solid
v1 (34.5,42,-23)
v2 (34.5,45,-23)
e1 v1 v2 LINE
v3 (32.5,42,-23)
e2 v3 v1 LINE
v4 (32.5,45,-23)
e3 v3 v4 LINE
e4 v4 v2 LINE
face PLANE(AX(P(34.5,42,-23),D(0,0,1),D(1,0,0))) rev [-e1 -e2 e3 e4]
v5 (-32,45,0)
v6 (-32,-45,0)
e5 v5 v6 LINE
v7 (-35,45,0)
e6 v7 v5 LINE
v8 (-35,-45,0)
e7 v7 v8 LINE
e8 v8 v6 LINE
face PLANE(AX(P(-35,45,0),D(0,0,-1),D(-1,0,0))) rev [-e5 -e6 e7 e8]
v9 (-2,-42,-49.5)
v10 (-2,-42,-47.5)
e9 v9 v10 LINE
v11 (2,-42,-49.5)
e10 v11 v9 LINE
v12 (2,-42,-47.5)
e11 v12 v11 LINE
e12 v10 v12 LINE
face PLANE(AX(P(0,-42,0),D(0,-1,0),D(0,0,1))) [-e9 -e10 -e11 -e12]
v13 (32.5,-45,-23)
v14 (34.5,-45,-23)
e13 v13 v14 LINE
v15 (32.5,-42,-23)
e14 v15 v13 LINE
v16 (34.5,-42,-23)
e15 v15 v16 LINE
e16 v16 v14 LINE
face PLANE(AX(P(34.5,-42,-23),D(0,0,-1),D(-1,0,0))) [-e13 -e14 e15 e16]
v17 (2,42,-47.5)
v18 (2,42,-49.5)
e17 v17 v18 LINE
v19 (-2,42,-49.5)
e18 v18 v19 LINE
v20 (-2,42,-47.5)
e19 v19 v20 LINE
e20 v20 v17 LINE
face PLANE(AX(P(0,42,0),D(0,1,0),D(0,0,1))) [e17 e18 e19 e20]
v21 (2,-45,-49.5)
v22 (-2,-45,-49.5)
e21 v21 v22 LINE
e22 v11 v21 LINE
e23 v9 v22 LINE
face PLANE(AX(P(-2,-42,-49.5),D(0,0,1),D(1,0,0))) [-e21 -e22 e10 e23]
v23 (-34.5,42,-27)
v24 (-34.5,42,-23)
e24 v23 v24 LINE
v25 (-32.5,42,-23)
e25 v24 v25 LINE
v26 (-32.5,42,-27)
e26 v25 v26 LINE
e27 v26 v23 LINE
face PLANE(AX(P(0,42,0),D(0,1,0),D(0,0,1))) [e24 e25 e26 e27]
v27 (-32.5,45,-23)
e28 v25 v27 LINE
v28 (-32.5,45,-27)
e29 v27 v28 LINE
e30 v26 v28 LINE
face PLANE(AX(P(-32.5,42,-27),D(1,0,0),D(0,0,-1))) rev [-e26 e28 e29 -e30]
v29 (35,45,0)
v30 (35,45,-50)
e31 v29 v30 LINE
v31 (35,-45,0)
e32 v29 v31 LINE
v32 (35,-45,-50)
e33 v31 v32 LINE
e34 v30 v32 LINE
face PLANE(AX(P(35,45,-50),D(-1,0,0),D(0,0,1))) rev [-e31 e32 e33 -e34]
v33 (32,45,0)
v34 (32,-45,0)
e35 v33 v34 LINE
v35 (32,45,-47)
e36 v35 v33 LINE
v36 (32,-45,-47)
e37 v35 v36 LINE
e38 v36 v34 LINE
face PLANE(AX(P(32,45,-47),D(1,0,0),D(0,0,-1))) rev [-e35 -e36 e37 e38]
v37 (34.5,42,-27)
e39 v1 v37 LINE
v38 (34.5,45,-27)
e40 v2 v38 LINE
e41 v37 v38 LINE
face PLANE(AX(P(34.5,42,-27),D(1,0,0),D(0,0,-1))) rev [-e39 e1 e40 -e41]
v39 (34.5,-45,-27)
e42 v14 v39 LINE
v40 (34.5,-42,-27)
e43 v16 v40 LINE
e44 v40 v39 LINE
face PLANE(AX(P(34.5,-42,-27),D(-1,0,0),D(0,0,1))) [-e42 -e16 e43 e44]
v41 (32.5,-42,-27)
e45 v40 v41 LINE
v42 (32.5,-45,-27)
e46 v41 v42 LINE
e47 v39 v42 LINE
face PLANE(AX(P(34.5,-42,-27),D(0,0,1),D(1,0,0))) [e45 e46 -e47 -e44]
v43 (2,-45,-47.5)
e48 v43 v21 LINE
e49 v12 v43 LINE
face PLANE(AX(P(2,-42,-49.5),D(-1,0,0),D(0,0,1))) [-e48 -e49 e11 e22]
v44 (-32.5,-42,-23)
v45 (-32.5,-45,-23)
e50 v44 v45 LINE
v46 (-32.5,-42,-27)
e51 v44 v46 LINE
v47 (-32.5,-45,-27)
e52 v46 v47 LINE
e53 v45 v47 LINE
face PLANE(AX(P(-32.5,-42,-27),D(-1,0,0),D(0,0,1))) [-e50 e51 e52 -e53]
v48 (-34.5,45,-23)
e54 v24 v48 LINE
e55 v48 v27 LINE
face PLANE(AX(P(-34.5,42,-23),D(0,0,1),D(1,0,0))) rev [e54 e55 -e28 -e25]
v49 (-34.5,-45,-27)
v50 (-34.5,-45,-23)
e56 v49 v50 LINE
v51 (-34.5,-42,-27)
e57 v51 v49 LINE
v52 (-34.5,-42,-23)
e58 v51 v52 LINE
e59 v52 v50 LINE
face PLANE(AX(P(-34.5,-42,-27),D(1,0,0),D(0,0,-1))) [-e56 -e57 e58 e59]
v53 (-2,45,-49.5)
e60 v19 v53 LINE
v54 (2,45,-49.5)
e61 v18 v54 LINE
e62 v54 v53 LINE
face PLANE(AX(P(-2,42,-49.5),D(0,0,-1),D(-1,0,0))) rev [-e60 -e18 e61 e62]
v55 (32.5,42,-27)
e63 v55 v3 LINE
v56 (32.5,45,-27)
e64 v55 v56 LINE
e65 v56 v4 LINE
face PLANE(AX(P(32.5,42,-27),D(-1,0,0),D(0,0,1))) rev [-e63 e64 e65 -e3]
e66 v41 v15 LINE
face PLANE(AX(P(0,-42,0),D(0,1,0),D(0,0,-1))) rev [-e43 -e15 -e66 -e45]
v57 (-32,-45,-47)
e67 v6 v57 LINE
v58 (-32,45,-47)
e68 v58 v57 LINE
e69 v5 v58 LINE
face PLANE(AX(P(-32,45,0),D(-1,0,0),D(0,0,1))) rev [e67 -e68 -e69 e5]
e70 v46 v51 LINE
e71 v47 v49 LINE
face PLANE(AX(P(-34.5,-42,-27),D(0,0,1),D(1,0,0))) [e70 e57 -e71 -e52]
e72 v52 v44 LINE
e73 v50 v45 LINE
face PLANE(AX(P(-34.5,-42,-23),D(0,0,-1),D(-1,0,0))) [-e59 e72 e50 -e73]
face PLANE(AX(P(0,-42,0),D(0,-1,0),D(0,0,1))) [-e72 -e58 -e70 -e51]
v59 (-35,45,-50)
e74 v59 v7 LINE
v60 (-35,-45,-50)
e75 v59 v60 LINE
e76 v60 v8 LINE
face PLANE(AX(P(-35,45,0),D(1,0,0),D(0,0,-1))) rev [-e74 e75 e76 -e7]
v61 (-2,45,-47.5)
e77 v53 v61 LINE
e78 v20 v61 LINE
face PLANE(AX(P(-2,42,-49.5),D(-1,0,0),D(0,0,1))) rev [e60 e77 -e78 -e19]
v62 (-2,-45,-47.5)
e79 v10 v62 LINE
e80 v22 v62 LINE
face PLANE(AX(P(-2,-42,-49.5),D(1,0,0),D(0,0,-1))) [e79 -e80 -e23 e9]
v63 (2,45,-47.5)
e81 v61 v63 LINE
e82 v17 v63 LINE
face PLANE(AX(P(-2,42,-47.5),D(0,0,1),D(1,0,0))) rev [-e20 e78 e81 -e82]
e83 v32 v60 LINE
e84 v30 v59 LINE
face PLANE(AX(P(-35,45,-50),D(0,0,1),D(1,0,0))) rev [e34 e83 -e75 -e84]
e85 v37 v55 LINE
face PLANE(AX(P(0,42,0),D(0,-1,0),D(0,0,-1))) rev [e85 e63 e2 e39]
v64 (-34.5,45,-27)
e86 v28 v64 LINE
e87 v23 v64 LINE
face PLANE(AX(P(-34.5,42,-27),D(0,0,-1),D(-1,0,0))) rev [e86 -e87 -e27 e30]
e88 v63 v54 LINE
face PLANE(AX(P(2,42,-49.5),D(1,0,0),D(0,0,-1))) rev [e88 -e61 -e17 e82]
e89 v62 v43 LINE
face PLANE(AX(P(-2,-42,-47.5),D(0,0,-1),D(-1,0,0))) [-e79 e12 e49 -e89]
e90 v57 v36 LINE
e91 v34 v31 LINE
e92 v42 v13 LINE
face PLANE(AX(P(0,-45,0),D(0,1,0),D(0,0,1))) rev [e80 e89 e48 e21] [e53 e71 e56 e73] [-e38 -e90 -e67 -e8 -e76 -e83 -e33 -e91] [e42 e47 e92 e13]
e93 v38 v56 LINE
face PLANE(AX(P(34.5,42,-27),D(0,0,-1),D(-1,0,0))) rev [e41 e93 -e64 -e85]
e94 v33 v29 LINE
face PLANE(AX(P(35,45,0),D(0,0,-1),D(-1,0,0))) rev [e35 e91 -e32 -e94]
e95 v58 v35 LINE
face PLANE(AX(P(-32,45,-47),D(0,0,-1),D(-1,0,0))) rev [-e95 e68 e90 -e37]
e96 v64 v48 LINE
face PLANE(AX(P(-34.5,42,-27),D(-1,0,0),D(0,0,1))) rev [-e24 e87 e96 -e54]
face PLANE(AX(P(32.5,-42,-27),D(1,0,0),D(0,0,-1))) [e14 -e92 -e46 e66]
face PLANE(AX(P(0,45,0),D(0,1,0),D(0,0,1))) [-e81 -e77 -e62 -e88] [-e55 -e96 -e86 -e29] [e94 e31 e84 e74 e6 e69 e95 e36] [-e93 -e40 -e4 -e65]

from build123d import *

# Parameters (mm, degrees)
BOSS_EXTRUDE1_DEPTH = 45
SKETCH2_W           = 2
SKETCH2_H           = 4
SKETCH2_W_2         = 4
SKETCH2_H_2         = 2
CUT_EXTRUDE1_DEPTH  = 3


with BuildPart() as part:
    # Sketch1 → Boss-Extrude1 (new, symmetric)
    with BuildSketch(Plane(origin=(0, 0, 0), x_dir=(1, 0, 0), z_dir=(0, 1, 0))):
        Polygon((-35, 0), (-35, 50), (35, 50), (35, 0), (32, 0), (32, 47), (-32, 47), (-32, 0), align=None)
    extrude(amount=BOSS_EXTRUDE1_DEPTH, both=True)

    # Sketch2 → Cut-Extrude1 (cut)
    with BuildSketch(Plane(origin=(0, 45, 0), x_dir=(1, 0, 0), z_dir=(0, 1, 0))):
        with Locations((33.5, 25)):
            Rectangle(SKETCH2_W, SKETCH2_H)
        with Locations((-33.5, 25)):
            Rectangle(SKETCH2_W, SKETCH2_H)
        with Locations((0, 48.5)):
            Rectangle(SKETCH2_W_2, SKETCH2_H_2)
    cut_extrude1 = extrude(amount=-CUT_EXTRUDE1_DEPTH, mode=Mode.SUBTRACT)

    # Mirror1: Cut-Extrude1 across plane
    add(cut_extrude1.mirror(Plane.ZX), mode=Mode.SUBTRACT)


solid = part.part
